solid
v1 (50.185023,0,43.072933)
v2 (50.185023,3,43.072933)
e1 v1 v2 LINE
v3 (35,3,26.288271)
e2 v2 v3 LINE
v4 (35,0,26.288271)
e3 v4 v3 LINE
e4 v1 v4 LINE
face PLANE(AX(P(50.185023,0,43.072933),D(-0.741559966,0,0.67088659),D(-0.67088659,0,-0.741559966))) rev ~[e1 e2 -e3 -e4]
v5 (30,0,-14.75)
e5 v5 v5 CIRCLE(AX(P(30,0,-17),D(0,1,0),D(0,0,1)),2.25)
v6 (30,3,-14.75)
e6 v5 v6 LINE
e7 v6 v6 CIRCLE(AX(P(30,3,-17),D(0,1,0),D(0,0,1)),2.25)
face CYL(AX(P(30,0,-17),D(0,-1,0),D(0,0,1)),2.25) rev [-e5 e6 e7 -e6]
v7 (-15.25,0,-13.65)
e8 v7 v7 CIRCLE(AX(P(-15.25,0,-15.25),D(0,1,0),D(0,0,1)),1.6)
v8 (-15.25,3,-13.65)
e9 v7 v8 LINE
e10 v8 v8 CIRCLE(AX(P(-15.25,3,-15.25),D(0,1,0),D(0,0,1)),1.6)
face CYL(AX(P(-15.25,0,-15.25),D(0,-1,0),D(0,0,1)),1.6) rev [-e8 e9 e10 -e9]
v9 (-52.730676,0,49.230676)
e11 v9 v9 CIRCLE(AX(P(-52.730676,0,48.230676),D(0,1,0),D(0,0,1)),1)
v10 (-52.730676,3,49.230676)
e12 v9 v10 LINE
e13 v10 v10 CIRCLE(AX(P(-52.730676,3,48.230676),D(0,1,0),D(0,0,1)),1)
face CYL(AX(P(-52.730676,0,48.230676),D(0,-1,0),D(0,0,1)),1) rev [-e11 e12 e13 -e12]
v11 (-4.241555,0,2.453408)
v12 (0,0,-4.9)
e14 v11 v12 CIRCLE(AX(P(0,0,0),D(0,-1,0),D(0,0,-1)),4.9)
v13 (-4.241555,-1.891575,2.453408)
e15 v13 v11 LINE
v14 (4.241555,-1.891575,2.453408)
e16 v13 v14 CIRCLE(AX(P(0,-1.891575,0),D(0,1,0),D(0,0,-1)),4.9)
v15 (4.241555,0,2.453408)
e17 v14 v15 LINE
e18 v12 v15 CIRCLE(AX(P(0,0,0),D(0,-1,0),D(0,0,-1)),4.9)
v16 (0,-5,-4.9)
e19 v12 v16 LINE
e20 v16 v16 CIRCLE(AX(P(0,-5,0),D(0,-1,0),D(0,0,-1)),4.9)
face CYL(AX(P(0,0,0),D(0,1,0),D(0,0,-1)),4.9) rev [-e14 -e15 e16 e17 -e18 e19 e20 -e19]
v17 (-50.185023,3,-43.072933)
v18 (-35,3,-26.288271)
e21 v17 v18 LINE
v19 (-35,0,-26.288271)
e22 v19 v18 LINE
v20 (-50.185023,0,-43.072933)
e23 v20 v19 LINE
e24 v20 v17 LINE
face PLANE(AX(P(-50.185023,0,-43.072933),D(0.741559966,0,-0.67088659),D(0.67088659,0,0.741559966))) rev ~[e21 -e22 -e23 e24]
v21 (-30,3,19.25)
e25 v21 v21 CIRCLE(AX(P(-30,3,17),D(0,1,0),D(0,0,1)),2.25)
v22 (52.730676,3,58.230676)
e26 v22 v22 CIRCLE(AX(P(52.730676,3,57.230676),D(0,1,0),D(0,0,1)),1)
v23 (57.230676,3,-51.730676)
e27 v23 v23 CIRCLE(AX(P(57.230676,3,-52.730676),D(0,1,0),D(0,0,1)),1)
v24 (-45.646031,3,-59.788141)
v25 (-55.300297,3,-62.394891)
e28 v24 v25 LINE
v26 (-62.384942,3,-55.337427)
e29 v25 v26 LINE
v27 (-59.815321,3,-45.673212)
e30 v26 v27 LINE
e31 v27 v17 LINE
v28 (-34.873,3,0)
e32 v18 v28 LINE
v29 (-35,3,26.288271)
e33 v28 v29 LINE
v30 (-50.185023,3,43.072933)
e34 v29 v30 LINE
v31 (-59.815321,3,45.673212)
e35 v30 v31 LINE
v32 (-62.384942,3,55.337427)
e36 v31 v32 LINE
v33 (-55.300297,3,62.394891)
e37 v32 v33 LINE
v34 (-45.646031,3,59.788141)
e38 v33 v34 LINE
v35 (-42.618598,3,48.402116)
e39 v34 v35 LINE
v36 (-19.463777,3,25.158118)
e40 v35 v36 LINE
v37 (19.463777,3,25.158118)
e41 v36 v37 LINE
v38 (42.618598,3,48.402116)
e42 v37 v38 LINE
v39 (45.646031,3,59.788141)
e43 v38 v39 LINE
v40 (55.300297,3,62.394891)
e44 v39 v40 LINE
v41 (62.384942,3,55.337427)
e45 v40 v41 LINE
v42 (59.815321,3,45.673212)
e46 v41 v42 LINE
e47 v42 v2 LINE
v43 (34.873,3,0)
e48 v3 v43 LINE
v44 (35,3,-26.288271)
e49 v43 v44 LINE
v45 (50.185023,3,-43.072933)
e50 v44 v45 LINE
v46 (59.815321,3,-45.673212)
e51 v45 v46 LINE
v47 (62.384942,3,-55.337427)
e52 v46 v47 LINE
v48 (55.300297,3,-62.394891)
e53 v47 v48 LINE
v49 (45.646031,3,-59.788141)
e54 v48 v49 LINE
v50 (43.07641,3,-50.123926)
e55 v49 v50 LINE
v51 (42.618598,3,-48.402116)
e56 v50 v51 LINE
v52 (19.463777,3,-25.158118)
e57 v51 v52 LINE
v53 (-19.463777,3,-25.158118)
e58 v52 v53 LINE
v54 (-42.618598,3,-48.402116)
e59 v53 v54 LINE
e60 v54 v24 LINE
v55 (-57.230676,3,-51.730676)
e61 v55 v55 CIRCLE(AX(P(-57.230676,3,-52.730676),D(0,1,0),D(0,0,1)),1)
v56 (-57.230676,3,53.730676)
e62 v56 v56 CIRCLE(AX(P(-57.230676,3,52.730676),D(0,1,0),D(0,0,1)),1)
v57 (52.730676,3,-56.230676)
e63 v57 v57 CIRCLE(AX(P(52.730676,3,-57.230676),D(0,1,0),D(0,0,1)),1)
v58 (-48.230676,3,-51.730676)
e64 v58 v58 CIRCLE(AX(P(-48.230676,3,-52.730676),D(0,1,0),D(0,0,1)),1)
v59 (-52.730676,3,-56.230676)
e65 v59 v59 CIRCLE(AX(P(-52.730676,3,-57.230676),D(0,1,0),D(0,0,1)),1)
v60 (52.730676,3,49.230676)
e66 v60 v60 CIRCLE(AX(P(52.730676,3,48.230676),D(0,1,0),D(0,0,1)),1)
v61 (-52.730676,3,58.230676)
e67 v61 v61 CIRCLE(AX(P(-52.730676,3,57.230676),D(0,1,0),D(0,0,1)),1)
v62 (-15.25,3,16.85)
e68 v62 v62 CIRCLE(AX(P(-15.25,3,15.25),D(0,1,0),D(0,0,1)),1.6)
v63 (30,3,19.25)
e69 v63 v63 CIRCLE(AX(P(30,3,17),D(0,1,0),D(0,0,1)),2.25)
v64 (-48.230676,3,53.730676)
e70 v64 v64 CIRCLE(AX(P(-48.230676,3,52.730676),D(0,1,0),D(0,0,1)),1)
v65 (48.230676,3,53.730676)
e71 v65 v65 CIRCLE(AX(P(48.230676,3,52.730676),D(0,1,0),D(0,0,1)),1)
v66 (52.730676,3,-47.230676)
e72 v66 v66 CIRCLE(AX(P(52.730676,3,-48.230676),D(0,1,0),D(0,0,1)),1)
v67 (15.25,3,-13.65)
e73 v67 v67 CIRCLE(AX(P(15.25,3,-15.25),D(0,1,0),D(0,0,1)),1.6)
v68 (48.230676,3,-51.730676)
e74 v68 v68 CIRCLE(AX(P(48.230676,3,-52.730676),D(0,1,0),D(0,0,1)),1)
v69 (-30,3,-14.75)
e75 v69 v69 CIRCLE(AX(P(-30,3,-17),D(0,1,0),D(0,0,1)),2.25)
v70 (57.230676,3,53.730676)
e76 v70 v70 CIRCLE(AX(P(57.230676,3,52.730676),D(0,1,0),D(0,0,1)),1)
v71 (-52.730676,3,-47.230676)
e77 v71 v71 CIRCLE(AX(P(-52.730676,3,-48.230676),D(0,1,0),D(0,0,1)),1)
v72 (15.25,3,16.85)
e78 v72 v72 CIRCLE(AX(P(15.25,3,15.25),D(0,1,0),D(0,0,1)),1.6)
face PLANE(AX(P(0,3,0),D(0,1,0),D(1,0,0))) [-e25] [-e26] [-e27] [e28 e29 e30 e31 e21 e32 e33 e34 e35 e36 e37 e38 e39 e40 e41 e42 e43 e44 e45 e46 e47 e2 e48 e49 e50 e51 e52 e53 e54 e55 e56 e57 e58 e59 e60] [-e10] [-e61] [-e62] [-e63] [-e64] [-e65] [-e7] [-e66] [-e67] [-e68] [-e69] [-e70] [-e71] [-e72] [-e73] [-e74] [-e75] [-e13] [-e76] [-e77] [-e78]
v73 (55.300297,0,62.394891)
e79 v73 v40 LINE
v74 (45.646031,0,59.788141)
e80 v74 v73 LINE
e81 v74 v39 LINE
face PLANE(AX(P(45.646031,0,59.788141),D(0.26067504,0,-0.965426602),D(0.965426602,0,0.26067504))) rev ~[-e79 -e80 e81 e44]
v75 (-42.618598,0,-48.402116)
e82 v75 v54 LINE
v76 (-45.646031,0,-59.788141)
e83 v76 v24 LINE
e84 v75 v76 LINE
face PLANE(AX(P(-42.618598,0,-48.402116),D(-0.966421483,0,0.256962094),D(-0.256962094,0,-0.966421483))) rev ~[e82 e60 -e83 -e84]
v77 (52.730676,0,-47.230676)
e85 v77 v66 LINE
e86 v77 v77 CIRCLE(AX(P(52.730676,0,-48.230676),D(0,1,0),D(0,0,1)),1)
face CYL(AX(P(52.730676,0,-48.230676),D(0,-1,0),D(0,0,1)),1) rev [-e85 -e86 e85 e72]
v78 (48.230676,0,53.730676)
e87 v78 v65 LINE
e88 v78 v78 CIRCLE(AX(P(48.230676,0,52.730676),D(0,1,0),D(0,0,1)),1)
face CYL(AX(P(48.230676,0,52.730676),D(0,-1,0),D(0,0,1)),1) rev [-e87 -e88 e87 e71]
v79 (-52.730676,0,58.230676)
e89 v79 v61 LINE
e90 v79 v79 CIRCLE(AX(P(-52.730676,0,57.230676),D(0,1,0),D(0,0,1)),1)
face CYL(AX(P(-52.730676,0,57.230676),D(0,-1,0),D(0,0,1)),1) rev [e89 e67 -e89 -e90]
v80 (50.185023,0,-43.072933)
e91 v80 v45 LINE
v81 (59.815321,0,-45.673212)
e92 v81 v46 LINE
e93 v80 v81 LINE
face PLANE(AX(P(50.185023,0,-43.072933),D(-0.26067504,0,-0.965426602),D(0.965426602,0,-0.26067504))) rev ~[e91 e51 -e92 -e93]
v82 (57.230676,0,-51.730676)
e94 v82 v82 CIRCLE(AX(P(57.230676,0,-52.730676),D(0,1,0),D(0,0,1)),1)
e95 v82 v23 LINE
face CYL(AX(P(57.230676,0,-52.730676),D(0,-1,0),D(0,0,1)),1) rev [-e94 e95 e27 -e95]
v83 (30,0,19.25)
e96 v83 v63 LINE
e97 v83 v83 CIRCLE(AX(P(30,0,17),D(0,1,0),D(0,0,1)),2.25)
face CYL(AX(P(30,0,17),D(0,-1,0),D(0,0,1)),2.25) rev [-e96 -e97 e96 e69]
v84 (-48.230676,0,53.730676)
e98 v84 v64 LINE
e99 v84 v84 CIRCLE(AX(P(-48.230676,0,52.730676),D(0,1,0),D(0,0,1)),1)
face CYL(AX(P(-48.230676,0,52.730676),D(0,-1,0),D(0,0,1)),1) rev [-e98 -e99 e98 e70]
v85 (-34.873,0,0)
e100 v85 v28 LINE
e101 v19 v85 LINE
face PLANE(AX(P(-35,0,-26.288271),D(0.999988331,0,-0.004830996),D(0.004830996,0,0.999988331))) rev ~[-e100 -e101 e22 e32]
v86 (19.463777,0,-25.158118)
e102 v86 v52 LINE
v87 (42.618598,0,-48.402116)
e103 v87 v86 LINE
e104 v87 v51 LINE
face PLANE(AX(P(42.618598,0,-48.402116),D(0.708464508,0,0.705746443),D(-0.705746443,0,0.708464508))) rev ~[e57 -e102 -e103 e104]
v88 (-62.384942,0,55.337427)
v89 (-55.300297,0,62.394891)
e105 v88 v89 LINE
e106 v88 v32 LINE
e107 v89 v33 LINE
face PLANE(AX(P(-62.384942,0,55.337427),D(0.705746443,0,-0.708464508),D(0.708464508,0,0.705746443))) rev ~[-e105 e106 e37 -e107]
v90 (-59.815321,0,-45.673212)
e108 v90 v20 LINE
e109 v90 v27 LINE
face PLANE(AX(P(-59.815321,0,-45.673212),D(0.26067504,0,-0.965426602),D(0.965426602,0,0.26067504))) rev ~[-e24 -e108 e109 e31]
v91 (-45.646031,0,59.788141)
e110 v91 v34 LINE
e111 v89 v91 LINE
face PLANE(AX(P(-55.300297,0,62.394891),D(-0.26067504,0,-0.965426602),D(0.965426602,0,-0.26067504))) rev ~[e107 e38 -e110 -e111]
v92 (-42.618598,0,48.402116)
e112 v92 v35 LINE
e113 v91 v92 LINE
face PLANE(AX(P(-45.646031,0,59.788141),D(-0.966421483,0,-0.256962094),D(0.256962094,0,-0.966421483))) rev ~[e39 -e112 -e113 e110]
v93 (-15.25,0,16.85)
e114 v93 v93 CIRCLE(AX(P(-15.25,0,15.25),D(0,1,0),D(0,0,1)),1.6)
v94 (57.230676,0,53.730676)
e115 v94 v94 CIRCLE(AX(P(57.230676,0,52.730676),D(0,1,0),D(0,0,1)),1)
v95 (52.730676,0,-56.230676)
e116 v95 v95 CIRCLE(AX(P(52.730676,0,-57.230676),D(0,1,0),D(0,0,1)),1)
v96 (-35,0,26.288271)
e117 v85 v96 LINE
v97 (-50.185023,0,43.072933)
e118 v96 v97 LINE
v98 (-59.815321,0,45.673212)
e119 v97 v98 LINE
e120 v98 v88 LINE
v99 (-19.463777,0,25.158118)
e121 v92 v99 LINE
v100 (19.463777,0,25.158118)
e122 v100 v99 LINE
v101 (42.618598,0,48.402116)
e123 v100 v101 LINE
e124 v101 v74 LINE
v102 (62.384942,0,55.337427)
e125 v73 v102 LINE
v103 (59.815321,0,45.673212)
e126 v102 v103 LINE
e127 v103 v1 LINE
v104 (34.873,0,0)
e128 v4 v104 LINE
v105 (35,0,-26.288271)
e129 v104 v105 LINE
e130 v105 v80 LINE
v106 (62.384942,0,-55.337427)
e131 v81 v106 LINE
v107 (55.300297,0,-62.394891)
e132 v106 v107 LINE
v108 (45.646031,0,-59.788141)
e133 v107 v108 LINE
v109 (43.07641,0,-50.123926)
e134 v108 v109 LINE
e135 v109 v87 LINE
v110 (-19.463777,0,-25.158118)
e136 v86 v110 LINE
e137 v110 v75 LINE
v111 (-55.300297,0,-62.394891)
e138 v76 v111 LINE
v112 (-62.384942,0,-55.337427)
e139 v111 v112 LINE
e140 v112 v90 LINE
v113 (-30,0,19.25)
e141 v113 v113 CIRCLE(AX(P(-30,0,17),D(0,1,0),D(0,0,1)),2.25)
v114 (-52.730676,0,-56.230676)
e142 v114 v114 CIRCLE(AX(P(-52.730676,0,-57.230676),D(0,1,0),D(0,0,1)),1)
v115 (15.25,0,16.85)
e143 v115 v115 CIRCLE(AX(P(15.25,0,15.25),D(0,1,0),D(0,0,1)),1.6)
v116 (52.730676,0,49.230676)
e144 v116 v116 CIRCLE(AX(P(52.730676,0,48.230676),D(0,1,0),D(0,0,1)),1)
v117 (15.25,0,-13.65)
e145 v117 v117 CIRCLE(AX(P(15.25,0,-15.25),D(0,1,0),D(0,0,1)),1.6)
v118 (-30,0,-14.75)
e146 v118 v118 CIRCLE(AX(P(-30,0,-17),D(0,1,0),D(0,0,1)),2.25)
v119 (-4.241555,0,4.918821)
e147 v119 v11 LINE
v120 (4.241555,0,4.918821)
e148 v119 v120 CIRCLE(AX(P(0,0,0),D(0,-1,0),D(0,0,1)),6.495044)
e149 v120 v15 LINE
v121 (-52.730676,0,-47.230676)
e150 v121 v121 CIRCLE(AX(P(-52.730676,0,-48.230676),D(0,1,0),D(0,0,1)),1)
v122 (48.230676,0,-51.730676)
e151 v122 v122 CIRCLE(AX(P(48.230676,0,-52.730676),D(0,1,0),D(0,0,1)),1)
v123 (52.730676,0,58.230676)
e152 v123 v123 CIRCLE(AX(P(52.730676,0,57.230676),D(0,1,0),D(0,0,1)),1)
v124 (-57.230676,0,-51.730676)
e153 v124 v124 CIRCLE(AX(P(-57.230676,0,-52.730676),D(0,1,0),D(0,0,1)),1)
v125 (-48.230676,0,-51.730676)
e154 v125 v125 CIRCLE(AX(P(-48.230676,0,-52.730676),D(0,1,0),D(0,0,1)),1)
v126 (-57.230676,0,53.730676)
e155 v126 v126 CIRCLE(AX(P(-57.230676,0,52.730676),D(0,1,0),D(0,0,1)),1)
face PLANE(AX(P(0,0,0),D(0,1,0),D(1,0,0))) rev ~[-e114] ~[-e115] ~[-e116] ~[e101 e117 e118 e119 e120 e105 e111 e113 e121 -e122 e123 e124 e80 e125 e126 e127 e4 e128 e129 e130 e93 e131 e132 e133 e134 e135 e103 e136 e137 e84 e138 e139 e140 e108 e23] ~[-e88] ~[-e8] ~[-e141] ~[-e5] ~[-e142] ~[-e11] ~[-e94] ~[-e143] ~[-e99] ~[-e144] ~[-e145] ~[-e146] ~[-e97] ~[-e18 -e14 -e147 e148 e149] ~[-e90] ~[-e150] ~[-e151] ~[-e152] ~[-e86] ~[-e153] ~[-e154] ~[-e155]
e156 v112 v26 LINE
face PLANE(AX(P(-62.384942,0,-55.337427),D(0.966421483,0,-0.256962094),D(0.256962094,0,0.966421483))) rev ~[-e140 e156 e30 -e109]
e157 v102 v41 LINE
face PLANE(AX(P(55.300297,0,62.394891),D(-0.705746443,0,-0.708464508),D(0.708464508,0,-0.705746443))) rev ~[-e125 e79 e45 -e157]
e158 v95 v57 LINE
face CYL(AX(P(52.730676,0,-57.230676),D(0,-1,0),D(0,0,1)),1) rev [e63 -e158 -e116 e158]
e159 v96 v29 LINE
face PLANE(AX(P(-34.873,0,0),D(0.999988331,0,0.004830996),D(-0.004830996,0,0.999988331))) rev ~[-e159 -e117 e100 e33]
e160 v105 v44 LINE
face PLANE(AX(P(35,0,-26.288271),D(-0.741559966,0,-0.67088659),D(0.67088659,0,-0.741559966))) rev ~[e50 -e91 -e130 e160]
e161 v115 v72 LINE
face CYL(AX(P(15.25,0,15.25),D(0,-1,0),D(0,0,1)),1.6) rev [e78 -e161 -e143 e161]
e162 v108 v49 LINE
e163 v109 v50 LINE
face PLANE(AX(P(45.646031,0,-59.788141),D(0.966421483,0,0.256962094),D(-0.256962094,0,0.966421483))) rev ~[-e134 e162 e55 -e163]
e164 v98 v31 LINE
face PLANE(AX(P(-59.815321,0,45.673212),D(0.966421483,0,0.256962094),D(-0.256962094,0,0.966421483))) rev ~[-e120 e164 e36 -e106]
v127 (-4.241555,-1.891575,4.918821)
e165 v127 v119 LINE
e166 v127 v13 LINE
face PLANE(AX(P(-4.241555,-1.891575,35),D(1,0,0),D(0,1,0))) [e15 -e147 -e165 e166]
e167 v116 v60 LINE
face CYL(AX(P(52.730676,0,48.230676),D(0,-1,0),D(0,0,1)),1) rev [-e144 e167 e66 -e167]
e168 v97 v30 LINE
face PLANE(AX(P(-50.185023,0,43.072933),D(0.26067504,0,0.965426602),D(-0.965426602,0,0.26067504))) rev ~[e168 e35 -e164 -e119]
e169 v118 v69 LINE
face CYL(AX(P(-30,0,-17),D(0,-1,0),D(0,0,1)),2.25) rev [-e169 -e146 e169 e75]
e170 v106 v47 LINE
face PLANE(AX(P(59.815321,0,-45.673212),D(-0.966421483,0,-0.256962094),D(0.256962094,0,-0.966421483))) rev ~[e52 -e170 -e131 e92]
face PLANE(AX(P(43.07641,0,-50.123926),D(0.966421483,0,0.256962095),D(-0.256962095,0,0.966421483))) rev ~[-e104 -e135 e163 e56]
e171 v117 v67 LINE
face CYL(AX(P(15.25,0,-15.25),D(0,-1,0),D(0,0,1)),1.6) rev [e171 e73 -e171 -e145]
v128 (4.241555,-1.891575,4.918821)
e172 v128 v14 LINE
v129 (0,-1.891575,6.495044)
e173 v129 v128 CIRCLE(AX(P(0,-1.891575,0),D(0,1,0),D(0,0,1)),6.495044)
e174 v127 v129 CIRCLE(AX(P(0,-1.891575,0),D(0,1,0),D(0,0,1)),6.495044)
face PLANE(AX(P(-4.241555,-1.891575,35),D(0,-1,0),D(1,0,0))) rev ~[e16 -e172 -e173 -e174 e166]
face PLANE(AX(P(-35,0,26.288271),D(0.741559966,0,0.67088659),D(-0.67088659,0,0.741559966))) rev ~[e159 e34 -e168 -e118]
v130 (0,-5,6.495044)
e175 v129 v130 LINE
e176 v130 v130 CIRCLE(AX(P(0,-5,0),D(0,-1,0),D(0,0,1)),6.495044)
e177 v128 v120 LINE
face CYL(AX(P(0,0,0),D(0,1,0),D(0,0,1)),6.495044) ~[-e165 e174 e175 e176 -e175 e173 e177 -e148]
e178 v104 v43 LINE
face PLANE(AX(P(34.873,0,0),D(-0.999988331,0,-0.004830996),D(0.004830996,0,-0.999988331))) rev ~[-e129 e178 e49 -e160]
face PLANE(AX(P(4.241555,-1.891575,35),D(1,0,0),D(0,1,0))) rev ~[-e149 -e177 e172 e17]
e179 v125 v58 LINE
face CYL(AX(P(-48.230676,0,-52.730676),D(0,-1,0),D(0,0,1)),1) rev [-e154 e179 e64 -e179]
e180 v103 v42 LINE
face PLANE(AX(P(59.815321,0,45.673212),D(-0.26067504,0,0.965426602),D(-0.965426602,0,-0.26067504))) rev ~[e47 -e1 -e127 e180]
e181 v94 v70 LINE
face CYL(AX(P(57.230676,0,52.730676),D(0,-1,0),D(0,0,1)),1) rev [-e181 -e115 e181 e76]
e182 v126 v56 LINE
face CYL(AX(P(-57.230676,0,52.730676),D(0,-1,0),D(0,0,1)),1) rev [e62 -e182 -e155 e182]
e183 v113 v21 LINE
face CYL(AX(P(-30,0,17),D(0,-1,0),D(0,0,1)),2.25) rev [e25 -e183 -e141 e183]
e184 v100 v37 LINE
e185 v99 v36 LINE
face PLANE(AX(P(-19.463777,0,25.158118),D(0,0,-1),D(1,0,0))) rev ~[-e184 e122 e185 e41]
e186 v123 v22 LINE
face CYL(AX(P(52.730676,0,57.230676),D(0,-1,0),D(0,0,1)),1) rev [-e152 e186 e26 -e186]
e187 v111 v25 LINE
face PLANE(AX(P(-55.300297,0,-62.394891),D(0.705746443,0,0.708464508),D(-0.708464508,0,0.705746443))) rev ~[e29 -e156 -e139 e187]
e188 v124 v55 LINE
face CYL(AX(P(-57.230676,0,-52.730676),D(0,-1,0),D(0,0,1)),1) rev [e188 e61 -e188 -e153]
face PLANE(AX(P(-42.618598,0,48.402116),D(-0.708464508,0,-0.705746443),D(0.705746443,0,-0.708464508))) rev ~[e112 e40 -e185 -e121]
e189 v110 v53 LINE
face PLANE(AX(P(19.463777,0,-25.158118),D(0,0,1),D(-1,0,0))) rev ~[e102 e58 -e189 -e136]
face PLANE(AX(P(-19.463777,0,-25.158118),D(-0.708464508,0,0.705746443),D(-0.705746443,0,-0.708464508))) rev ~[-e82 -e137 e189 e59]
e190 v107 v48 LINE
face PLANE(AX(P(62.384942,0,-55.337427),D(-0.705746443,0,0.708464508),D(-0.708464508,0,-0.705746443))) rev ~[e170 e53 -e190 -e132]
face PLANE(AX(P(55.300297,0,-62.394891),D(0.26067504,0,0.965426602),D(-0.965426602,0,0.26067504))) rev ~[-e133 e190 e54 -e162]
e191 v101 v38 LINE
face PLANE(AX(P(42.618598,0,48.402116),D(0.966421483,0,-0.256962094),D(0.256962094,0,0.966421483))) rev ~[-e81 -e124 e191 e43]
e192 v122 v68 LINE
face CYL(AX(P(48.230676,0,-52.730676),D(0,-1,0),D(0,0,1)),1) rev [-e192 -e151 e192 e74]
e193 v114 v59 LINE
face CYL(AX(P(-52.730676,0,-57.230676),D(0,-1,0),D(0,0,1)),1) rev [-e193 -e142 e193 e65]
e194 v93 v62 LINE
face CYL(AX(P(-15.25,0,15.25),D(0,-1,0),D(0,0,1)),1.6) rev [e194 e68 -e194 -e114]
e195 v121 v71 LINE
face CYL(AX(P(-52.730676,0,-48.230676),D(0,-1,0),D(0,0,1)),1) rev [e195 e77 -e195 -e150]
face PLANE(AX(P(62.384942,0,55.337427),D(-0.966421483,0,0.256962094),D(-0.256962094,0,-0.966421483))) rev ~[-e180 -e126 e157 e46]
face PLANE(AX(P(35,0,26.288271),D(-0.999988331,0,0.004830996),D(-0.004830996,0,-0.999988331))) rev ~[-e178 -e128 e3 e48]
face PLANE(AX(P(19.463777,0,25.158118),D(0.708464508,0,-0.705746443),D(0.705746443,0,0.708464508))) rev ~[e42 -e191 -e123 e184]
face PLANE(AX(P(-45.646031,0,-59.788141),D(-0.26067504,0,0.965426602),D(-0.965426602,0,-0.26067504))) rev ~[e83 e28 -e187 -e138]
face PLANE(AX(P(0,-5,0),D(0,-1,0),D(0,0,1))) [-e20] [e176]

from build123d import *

# Parameters (mm, degrees)
SKETCH1_R           = 1
SKETCH1_R_2         = 2.25
SKETCH1_R_3         = 1.6
BOSS_EXTRUDE1_DEPTH = 3
SKETCH4_R           = 6.495043718
SKETCH4_R_2         = 4.9
BOSS_EXTRUDE3_DEPTH = 5
SKETCH6_W           = 8.48311055
SKETCH6_H           = 1.891574962
CUT_EXTRUDE3_DEPTH  = 34


with BuildPart() as part:
    # Sketch1 → Boss-Extrude1 (new body)
    with BuildSketch(Plane(origin=(0, 0, 0), x_dir=(1, 0, 0), z_dir=(0, 1, 0))):
        Polygon((43.076410298, 50.123925917), (42.618597625, 48.402115535), (19.4637773, 25.158118275), (-19.4637773, 25.158118275), (-42.618597625, 48.402115535), (-45.64603124, 59.788140743), (-55.300297258, 62.394891143), (-62.384942335, 55.337426715), (-59.815321393, 45.673211889), (-50.185022628, 43.072932893), (-35, 26.288270568), (-34.873, 0), (-35, -26.288270568), (-50.185022628, -43.072932893), (-59.815321393, -45.673211889), (-62.384942335, -55.337426715), (-55.300297258, -62.394891143), (-45.64603124, -59.788140743), (-42.618597625, -48.402115535), (-19.4637773, -25.158118275), (19.4637773, -25.158118275), (42.618597625, -48.402115535), (45.64603124, -59.788140743), (55.300297258, -62.394891143), (62.384942335, -55.337426715), (59.815321393, -45.673211889), (50.185022628, -43.072932893), (35, -26.288270568), (34.873, 0), (35, 26.288270568), (50.185022628, 43.072932893), (59.815321393, 45.673211889), (62.384942335, 55.337426715), (55.300297258, 62.394891143), (45.64603124, 59.788140743), align=None)
        with Locations(Location((-52.730676316, -57.230676316, 0), (0, 0, 270))):
            Circle(SKETCH1_R, mode=Mode.SUBTRACT)
        with Locations(Location((-57.230676316, -52.730676316, 0), (0, 0, 270))):
            Circle(SKETCH1_R, mode=Mode.SUBTRACT)
        with Locations(Location((-48.230676316, -52.730676316, 0), (0, 0, 270))):
            Circle(SKETCH1_R, mode=Mode.SUBTRACT)
        with Locations(Location((-52.730676316, -48.230676316, 0), (0, 0, 270))):
            Circle(SKETCH1_R, mode=Mode.SUBTRACT)
        with Locations(Location((-30, -17, 0), (0, 0, 270))):
            Circle(SKETCH1_R_2, mode=Mode.SUBTRACT)
        with Locations(Location((-15.25, -15.25, 0), (0, 0, 270))):
            Circle(SKETCH1_R_3, mode=Mode.SUBTRACT)
        with Locations(Location((52.730676316, -57.230676316, 0), (0, 0, 270))):
            Circle(SKETCH1_R, mode=Mode.SUBTRACT)
        with Locations(Location((48.230676316, -52.730676316, 0), (0, 0, 270))):
            Circle(SKETCH1_R, mode=Mode.SUBTRACT)
        with Locations(Location((52.730676316, -48.230676316, 0), (0, 0, 270))):
            Circle(SKETCH1_R, mode=Mode.SUBTRACT)
        with Locations(Location((57.230676316, -52.730676316, 0), (0, 0, 270))):
            Circle(SKETCH1_R, mode=Mode.SUBTRACT)
        with Locations(Location((30, -17, 0), (0, 0, 270))):
            Circle(SKETCH1_R_2, mode=Mode.SUBTRACT)
        with Locations(Location((15.25, -15.25, 0), (0, 0, 270))):
            Circle(SKETCH1_R_3, mode=Mode.SUBTRACT)
        with Locations(Location((-15.25, 15.25, 0), (0, 0, 270))):
            Circle(SKETCH1_R_3, mode=Mode.SUBTRACT)
        with Locations(Location((-30, 17, 0), (0, 0, 270))):
            Circle(SKETCH1_R_2, mode=Mode.SUBTRACT)
        with Locations(Location((-57.230676316, 52.730676316, 0), (0, 0, 270))):
            Circle(SKETCH1_R, mode=Mode.SUBTRACT)
        with Locations(Location((-52.730676316, 48.230676316, 0), (0, 0, 270))):
            Circle(SKETCH1_R, mode=Mode.SUBTRACT)
        with Locations(Location((-48.230676316, 52.730676316, 0), (0, 0, 270))):
            Circle(SKETCH1_R, mode=Mode.SUBTRACT)
        with Locations(Location((-52.730676316, 57.230676316, 0), (0, 0, 270))):
            Circle(SKETCH1_R, mode=Mode.SUBTRACT)
        with Locations(Location((15.25, 15.25, 0), (0, 0, 270))):
            Circle(SKETCH1_R_3, mode=Mode.SUBTRACT)
        with Locations(Location((30, 17, 0), (0, 0, 270))):
            Circle(SKETCH1_R_2, mode=Mode.SUBTRACT)
        with Locations(Location((52.730676316, 48.230676316, 0), (0, 0, 270))):
            Circle(SKETCH1_R, mode=Mode.SUBTRACT)
        with Locations(Location((48.230676316, 52.730676316, 0), (0, 0, 270))):
            Circle(SKETCH1_R, mode=Mode.SUBTRACT)
        with Locations(Location((57.230676316, 52.730676316, 0), (0, 0, 270))):
            Circle(SKETCH1_R, mode=Mode.SUBTRACT)
        with Locations(Location((52.730676316, 57.230676316, 0), (0, 0, 270))):
            Circle(SKETCH1_R, mode=Mode.SUBTRACT)
    extrude(amount=BOSS_EXTRUDE1_DEPTH)

    # Sketch4 → Boss-Extrude3 (add)
    with BuildSketch(Plane.XZ):
        with Locations(Location((0, 0, 0), (0, 0, 90))):
            Circle(SKETCH4_R)
        with Locations(Location((0, 0, 0), (0, 0, 270))):
            Circle(SKETCH4_R_2, mode=Mode.SUBTRACT)
    extrude(amount=BOSS_EXTRUDE3_DEPTH)

    # Sketch6 → Cut-Extrude3 (cut)
    with BuildSketch(Plane.XY.offset(35)):
        with Locations((0, -0.945787481)):
            Rectangle(SKETCH6_W, SKETCH6_H)
    extrude(amount=-CUT_EXTRUDE3_DEPTH, mode=Mode.SUBTRACT)


solid = part.part
